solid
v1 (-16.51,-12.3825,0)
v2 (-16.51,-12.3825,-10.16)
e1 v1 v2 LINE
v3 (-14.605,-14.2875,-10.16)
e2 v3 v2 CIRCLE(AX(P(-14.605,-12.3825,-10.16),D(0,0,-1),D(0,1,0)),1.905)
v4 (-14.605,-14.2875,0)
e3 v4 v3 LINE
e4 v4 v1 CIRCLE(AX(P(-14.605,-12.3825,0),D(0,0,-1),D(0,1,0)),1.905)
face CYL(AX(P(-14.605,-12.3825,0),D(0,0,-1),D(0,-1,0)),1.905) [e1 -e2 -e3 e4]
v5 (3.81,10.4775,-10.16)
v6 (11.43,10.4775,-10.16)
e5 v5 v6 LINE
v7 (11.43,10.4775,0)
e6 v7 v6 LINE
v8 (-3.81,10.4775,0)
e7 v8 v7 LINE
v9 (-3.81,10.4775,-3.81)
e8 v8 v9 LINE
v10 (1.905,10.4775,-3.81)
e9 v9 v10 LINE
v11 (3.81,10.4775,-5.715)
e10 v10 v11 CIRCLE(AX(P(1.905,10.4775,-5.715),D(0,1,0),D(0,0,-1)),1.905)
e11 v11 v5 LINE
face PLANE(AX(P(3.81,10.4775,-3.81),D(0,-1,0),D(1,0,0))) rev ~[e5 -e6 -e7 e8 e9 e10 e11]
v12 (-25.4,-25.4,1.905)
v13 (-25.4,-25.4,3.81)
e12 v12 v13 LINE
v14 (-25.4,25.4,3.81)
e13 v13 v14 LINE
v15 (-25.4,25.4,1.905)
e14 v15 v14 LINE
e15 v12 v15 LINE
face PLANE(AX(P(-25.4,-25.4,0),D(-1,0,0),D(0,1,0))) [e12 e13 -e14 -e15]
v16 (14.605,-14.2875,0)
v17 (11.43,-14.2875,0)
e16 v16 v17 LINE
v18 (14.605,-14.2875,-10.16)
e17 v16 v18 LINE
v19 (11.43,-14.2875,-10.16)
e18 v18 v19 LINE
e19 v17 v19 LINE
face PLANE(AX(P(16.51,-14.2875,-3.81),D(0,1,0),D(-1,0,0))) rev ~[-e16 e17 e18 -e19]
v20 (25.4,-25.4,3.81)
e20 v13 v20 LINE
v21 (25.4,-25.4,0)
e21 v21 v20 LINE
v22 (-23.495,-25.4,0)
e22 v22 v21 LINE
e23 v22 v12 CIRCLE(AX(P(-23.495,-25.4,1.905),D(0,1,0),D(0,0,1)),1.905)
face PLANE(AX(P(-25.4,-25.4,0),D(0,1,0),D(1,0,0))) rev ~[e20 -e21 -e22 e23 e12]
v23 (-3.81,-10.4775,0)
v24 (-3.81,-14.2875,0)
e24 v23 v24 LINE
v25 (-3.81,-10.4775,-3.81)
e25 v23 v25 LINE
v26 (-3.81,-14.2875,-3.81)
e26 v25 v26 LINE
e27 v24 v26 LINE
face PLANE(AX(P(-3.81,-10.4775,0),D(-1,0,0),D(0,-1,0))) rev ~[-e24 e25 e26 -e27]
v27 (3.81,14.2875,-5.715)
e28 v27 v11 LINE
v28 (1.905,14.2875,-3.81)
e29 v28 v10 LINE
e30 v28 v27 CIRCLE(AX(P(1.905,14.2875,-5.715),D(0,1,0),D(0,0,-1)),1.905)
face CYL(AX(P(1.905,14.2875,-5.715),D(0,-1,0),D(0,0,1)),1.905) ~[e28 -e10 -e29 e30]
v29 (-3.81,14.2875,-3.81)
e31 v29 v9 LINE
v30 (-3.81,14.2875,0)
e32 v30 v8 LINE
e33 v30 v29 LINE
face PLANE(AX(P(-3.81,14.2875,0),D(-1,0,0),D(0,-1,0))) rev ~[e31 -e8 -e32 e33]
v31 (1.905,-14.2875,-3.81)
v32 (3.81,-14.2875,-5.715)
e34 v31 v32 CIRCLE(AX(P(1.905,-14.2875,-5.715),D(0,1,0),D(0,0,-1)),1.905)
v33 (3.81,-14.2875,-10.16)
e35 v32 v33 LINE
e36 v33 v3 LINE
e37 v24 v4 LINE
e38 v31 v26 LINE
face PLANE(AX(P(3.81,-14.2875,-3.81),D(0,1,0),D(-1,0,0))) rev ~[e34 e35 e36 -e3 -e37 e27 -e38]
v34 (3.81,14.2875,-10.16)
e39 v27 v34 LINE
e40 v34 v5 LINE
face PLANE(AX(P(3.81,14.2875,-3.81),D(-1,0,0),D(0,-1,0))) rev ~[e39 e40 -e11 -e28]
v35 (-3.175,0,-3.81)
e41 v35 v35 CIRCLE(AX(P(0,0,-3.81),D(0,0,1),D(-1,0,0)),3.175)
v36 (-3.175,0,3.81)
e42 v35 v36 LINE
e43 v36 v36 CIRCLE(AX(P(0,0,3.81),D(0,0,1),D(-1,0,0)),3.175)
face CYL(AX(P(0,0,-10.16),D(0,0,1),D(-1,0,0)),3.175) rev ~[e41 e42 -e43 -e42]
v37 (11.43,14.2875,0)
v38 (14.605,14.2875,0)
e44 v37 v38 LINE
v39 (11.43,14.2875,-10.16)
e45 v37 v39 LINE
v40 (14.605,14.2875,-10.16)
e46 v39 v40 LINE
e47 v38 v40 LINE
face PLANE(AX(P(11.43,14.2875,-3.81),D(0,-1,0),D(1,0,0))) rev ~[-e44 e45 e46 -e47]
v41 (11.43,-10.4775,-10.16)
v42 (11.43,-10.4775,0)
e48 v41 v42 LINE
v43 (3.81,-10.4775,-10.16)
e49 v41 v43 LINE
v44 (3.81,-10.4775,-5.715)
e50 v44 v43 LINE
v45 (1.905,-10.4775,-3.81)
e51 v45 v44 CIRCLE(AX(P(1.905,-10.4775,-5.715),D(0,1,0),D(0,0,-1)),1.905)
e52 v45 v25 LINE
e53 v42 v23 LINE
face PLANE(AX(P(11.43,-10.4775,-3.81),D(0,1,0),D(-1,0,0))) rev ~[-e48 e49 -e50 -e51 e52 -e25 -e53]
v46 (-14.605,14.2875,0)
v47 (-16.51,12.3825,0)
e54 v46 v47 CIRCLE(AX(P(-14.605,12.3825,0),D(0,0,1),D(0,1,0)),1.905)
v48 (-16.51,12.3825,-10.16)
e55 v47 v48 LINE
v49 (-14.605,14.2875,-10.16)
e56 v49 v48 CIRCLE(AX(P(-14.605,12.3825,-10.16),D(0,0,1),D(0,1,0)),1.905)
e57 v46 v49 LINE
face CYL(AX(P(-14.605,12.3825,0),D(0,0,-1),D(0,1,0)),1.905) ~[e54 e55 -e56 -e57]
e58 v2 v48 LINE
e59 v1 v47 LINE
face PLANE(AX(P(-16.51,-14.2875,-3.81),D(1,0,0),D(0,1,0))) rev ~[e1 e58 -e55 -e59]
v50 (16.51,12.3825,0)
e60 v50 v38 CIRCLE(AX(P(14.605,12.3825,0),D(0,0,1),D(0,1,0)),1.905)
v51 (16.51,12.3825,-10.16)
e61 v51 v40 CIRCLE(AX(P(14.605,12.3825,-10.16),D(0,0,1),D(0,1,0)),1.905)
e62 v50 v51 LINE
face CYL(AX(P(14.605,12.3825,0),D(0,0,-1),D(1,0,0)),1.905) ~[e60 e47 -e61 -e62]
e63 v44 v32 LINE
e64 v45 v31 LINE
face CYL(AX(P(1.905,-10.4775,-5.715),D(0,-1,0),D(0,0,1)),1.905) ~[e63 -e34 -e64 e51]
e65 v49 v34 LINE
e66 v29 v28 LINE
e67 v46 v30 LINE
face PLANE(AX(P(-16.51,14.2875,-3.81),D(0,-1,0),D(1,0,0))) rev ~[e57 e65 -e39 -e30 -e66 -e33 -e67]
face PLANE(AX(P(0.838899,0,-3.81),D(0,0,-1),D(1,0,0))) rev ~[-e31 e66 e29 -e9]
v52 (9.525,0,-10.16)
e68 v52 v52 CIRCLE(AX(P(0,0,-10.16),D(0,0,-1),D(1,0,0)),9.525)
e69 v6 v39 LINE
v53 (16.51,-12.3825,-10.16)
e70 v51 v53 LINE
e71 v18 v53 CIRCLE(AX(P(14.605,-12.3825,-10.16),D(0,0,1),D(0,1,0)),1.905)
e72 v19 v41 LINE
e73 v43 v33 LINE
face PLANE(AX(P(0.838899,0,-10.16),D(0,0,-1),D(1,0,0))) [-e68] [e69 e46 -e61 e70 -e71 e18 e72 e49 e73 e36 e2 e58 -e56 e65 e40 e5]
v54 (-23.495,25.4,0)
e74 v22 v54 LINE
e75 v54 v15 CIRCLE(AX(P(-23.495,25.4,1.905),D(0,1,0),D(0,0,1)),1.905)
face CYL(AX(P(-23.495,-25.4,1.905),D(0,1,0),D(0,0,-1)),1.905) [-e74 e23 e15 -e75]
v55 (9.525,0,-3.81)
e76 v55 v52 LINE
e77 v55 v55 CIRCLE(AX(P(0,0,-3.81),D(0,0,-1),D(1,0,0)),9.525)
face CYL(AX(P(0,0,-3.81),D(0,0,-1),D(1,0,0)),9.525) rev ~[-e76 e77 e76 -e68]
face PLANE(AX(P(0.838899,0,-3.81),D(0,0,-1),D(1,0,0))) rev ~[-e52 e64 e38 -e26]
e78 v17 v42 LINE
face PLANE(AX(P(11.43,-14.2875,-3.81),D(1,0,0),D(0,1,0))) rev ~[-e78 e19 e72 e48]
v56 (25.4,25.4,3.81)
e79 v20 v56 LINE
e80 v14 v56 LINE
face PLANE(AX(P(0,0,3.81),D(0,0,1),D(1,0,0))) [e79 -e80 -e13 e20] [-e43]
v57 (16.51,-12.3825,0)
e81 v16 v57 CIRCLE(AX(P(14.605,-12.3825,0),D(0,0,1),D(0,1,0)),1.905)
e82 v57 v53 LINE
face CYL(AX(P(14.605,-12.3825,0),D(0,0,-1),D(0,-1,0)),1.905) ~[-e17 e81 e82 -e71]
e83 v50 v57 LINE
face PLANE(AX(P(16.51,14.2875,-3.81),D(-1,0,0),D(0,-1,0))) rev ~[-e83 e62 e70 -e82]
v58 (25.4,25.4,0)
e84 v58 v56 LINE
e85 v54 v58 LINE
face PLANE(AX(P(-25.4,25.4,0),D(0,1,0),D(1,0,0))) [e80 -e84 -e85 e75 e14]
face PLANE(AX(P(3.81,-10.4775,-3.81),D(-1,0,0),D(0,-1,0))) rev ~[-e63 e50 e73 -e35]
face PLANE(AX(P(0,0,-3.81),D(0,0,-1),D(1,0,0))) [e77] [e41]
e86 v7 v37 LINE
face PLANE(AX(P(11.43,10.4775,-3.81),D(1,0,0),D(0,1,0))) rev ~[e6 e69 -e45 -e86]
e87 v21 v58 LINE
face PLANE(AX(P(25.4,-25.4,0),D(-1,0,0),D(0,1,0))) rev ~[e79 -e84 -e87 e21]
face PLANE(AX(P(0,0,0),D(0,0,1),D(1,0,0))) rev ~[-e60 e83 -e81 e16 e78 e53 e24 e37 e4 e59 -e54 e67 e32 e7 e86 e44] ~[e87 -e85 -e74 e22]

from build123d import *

# Parameters (mm, degrees)
F0_W           = 50.8
F0_H           = 50.8
F1_DEPTH       = 3.81
F3_DEPTH       = 3.81
F5_DEPTH       = 6.35
F6_R           = 1.905
F8_D           = 6.35
F8_CBORE_D     = 19.05
F8_CBORE_DEPTH = 6.35


with BuildPart() as f1:
    # F0 (on Top) → F1 (new body)
    with BuildSketch(Plane.XY):
        Rectangle(F0_W, F0_H)
    extrude(amount=F1_DEPTH)

    # F2 (on face) → F3 (join)
    with BuildSketch(Plane(origin=(0, 0, 0), x_dir=(1, 0, 0), z_dir=(0, 0, -1))):
        Polygon((-3.81, 14.2875), (-16.51, 14.2875), (-16.51, -14.2875), (-3.81, -14.2875), (-3.81, -10.4775), (11.43, -10.4775), (11.43, -14.2875), (16.51, -14.2875), (16.51, 14.2875), (11.43, 14.2875), (11.43, 10.4775), (-3.81, 10.4775), align=None)
    extrude(amount=F3_DEPTH)

    # F4 (on face) → F5 (join)
    with BuildSketch(Plane(origin=(0, 0, -3.81), x_dir=(1, 0, 0), z_dir=(0, 0, -1))):
        Polygon((3.81, 14.2875), (-16.51, 14.2875), (-16.51, -14.2875), (3.81, -14.2875), (3.81, -10.4775), (11.43, -10.4775), (11.43, -14.2875), (16.51, -14.2875), (16.51, 14.2875), (11.43, 14.2875), (11.43, 10.4775), (3.81, 10.4775), align=None)
    extrude(amount=F5_DEPTH)

    # F6
    f6_edges = [f1.edges().sort_by_distance(p)[0] for p in [
        (3.81, -12.3825, -3.81),
        (16.51, -14.2875, -5.08),
        (16.51, 14.2875, -5.08),
        (3.81, 12.3825, -3.81),
        (-16.51, 14.2875, -5.08),
        (-16.51, -14.2875, -5.08),
        (-25.4, 0, 0),
    ]]
    fillet(f6_edges, radius=F6_R)

    # F8 (through all)
    with Locations(Plane(origin=(0, 0, -10.16), x_dir=(1, 0, 0), z_dir=(0, 0, -1))):
        with Locations((0, 0)):
            CounterBoreHole(F8_D / 2, F8_CBORE_D / 2, F8_CBORE_DEPTH)


solid = f1.part
